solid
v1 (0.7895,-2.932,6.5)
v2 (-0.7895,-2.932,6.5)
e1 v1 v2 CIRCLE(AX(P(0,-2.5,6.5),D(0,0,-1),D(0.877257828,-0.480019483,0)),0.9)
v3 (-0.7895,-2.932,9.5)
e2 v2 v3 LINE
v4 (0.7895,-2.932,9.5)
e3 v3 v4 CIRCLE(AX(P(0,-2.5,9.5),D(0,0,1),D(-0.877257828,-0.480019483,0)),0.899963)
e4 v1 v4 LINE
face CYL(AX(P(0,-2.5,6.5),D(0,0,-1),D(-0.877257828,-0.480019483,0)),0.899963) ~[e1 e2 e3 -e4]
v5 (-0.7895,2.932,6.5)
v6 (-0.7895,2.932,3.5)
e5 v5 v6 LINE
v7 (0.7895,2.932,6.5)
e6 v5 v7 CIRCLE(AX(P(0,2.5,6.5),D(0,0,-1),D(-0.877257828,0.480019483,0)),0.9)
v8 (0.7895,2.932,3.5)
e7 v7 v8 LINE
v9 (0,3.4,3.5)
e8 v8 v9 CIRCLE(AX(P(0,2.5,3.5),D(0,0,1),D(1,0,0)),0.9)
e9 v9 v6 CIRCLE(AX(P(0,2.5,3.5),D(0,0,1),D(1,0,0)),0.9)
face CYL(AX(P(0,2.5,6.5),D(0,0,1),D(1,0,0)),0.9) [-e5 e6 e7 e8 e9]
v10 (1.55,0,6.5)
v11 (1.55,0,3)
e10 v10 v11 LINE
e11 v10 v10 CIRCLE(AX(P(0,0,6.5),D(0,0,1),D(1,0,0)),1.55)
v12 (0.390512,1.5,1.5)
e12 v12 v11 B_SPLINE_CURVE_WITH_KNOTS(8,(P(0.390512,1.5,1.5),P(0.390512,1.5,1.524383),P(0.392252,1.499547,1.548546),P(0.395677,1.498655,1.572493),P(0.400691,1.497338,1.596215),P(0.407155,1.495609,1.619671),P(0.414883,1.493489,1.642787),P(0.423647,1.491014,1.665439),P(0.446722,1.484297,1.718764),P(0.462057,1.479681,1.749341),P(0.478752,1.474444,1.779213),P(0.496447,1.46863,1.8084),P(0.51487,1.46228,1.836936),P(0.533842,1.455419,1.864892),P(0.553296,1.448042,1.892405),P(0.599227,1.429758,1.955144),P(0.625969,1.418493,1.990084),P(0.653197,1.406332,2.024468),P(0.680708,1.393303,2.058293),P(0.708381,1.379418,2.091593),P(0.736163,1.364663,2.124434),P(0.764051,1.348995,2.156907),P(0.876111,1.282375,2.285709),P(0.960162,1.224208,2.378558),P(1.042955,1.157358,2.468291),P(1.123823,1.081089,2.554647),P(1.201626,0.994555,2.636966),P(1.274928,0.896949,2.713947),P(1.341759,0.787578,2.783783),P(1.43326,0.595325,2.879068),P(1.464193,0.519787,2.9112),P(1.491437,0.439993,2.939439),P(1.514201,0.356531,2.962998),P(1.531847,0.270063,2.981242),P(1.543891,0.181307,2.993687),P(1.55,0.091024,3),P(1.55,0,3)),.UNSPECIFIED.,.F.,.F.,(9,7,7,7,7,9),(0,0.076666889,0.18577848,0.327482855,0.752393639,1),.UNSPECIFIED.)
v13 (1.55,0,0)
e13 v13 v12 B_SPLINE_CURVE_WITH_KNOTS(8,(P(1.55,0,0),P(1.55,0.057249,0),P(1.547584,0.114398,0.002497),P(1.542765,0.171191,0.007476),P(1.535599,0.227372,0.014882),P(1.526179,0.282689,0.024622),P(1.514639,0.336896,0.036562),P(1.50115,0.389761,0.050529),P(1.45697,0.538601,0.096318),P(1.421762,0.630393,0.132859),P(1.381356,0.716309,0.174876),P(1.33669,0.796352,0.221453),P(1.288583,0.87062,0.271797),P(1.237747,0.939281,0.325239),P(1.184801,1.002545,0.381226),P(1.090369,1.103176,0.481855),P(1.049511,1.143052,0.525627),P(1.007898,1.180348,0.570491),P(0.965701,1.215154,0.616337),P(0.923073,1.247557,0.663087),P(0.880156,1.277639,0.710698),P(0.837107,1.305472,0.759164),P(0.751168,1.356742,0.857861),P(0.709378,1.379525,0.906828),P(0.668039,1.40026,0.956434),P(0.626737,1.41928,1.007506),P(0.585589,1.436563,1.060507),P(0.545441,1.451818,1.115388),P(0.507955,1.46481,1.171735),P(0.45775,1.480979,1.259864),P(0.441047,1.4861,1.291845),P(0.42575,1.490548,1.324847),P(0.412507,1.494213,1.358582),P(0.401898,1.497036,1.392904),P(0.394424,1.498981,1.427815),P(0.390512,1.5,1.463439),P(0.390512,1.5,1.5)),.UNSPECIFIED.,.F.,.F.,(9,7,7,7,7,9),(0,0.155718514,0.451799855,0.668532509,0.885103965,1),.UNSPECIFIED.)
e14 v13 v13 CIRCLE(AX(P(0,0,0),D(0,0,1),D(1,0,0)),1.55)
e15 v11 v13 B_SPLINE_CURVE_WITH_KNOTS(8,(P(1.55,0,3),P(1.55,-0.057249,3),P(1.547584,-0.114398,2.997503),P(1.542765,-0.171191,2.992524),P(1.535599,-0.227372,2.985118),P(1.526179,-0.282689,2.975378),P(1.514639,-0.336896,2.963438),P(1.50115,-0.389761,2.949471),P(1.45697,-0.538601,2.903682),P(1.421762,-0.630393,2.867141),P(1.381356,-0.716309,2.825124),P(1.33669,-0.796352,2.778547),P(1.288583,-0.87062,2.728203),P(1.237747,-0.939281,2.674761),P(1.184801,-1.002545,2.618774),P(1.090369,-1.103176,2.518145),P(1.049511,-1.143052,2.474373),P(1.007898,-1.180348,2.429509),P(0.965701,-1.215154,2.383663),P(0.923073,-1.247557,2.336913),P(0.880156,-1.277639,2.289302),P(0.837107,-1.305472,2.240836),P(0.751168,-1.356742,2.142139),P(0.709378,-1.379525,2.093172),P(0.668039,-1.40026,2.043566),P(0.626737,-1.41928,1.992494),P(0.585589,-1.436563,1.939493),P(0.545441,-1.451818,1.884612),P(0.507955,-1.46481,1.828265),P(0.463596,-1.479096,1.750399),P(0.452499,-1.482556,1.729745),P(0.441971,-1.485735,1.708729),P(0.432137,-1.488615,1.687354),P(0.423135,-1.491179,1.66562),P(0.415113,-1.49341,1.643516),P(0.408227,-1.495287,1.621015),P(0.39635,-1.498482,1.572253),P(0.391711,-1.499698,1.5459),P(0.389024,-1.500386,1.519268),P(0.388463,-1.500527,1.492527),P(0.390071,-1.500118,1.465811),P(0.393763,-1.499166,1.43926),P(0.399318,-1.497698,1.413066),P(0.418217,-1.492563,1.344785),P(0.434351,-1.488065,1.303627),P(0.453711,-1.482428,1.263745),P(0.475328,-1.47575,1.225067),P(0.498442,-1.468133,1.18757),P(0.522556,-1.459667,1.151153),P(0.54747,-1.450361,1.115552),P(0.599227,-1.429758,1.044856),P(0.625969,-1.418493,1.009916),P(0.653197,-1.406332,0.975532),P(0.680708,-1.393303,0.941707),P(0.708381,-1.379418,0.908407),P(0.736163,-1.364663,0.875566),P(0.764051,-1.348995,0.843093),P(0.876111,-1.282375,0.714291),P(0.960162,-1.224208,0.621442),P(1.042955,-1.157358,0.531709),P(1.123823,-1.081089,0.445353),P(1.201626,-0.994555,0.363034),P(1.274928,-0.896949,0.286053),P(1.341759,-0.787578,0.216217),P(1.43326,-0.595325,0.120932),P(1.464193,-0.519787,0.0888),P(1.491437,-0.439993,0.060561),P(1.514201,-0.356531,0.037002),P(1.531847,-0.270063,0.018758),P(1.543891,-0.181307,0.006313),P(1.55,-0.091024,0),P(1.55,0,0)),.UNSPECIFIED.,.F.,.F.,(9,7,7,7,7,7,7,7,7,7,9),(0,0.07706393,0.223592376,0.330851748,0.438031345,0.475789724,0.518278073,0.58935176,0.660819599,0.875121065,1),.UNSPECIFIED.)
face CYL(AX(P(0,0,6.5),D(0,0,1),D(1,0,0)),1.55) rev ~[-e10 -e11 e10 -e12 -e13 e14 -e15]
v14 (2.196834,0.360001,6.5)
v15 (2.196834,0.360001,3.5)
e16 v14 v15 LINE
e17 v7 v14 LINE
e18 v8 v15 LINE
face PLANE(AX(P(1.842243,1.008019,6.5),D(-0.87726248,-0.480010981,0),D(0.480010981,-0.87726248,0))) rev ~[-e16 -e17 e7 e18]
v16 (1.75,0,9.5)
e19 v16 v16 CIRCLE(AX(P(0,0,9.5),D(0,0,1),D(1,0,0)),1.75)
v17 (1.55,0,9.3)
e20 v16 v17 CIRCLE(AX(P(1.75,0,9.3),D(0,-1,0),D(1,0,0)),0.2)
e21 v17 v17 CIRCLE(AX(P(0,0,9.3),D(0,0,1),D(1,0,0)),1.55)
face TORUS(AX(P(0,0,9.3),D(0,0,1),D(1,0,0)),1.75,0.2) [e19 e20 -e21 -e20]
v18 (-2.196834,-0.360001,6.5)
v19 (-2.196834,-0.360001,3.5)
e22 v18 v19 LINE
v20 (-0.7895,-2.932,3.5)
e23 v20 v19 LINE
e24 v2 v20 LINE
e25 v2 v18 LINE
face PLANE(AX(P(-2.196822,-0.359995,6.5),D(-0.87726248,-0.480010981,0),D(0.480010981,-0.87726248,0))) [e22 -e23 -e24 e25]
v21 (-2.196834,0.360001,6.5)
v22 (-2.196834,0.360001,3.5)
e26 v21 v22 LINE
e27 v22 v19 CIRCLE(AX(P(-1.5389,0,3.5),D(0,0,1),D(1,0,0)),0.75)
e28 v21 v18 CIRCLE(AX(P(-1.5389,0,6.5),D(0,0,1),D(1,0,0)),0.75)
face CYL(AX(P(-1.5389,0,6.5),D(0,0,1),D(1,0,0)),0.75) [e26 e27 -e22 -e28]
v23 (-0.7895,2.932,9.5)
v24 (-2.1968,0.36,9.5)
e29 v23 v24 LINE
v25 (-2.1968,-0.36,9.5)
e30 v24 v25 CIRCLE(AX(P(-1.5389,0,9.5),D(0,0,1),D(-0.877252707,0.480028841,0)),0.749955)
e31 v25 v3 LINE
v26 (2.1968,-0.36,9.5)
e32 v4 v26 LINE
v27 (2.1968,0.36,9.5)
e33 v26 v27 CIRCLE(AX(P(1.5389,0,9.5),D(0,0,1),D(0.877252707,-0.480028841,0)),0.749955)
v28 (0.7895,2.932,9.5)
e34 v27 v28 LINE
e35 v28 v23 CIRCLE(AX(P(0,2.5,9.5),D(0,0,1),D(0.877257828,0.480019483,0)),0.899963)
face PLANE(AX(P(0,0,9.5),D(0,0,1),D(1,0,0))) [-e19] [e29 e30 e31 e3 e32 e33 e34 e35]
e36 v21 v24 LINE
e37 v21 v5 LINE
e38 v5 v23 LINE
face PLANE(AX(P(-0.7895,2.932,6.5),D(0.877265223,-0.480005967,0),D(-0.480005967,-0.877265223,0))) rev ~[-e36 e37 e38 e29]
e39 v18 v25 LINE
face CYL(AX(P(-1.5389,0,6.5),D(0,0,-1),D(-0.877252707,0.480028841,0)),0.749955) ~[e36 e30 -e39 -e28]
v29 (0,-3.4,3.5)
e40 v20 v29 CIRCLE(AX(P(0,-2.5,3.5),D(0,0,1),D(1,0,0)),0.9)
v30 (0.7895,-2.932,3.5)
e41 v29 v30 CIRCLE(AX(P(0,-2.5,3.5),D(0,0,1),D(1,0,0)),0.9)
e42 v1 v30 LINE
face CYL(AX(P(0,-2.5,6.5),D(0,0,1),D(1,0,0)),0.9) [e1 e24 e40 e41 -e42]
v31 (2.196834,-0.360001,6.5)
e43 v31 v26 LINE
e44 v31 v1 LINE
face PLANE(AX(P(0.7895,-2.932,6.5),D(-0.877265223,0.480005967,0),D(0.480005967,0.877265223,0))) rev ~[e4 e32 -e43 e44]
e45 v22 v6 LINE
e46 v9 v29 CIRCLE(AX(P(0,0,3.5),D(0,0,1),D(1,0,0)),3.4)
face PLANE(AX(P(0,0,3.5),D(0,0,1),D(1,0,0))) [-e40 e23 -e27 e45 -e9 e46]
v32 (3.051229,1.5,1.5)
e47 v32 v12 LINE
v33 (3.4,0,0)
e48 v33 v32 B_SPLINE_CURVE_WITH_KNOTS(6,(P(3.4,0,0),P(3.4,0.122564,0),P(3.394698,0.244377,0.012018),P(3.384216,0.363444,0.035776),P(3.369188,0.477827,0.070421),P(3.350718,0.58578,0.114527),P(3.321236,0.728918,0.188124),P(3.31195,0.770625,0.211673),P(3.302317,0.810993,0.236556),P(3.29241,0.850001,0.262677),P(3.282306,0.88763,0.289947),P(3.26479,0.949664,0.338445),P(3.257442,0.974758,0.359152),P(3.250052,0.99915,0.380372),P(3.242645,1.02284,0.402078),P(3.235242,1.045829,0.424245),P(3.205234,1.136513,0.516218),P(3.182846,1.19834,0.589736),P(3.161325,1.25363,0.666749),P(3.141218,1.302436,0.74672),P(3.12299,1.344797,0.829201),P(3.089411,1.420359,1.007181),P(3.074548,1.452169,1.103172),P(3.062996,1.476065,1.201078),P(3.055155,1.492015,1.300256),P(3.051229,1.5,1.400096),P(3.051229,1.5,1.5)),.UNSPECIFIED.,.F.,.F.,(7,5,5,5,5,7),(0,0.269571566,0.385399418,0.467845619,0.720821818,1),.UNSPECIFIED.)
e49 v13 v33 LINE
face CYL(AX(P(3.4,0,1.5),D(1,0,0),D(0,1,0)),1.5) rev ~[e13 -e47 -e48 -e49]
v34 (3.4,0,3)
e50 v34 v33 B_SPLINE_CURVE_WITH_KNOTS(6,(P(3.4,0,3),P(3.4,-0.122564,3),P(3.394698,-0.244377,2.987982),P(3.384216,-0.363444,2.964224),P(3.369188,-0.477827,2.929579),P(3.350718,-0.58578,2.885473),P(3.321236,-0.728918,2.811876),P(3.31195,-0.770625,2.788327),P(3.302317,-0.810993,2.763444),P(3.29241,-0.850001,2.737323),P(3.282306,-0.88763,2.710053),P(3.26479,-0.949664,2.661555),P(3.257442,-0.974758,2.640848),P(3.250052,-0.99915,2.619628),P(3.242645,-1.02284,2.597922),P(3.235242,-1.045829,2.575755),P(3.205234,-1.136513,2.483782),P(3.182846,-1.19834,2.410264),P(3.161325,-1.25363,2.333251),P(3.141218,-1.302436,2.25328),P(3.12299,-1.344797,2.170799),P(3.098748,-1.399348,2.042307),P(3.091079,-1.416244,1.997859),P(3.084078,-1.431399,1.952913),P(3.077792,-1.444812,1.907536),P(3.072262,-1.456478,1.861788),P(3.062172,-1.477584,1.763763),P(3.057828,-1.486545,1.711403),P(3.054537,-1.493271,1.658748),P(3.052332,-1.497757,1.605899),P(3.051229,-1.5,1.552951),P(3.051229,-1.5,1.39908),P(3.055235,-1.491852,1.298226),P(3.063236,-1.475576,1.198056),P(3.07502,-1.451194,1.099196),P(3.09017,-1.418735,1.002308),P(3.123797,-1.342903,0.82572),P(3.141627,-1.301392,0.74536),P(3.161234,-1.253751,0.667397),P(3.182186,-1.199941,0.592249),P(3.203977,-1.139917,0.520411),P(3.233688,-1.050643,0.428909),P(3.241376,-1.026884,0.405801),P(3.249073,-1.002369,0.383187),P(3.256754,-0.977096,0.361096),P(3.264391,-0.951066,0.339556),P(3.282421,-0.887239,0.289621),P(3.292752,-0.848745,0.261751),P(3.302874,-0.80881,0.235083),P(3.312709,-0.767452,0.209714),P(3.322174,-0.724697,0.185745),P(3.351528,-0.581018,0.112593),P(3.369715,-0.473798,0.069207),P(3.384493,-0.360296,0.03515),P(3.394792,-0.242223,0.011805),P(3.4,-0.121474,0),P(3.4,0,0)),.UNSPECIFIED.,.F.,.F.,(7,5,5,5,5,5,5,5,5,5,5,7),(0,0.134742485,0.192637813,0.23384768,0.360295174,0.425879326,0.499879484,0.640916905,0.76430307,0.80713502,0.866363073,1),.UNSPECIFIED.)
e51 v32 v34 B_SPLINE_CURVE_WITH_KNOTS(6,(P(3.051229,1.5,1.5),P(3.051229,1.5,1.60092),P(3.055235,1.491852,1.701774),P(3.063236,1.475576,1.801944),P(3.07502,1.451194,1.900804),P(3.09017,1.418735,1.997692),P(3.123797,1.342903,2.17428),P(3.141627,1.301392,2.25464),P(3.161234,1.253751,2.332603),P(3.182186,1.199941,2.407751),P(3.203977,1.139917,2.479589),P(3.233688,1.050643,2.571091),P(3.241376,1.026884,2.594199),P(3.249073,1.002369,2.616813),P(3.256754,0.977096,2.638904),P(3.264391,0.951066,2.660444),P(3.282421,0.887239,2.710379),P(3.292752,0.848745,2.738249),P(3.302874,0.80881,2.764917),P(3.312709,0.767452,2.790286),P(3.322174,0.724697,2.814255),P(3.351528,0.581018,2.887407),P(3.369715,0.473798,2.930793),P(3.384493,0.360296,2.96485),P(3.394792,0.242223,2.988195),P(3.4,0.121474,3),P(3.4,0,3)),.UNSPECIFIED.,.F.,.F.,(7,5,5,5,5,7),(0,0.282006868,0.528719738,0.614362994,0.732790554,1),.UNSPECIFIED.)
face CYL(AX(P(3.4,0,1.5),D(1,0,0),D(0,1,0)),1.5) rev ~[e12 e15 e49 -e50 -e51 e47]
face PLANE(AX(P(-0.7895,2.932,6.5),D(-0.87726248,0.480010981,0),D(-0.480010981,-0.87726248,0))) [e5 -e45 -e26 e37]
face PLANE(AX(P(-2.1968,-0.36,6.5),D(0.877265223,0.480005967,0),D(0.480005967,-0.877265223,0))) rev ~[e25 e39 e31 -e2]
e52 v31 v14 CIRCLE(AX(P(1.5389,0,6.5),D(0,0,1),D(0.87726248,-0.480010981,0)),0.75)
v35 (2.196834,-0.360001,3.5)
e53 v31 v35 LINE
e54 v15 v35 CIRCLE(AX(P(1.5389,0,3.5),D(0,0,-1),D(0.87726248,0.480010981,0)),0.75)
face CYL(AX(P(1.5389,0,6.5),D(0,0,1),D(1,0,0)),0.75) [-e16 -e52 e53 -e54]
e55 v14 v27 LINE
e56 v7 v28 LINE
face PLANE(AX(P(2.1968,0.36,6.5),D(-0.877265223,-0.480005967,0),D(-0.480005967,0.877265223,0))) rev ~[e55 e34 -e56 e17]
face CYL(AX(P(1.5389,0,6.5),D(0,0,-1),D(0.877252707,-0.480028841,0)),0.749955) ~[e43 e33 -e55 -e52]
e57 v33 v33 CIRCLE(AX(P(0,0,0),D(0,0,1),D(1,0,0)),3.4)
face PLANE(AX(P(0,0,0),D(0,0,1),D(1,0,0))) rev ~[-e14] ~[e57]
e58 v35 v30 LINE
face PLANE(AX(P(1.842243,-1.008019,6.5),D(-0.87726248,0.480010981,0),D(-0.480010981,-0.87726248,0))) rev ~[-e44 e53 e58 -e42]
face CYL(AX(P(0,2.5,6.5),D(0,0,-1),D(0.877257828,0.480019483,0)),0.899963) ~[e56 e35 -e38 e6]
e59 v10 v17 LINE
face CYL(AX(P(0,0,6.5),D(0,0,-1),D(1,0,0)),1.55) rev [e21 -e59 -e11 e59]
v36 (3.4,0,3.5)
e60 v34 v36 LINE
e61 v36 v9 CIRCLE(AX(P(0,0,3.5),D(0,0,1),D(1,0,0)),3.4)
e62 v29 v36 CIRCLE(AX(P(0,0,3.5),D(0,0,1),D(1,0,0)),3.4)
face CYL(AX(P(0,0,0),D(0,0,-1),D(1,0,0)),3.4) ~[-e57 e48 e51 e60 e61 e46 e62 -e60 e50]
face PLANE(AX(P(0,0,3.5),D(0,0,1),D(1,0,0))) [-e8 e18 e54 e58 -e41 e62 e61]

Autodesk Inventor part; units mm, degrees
ref_plane "XZ Plane" through (0, 0, 0) normal (0, 1, 0) x (-1, 0, 0)
ref_plane "XY Plane" through (0, 0, 0) normal (0, 0, 1) x (1, 0, 0)
sketch "草圖1" plane through (0, 0, 0) normal (0, 0, 1) x (1, 0, 0)
  circle A0 centre (0, 0) radius 3.4
  dimension "d0" = 6.8
extrude "擠出1" add sketch "草圖1" along normal blind 6.5
sketch "草圖2" plane through (0, 0, 6.5) normal (0, 0, 1) x (1, 0, 0)
  circle A0 centre (0, 0) radius 1.55
  dimension "d3" = 3.1
extrude "擠出2" cut sketch "草圖2" against normal up to surface (6.5 mm away)
ref_plane "工作平面1" through (3.4, 0, 0) normal (1, 0, 0) x (0, 1, 0)
sketch "草圖3" plane through (3.4, 0, 0) normal (1, 0, 0) x (0, 1, 0)
  circle A0 centre (0, 1.5) radius 1.5
  line L0 (0, -1.3) -> (0, 7.8) projected
  line L1 (3.4, 0) -> (-3.4, 0) projected
  point P0 (0, 0)
  dimension "d6" = 3
extrude "擠出3" cut sketch "草圖3" against normal up to surface
sketch "草圖4" plane through (0, 0, 6.5) normal (0, 0, 1) x (1, 0, 0)
  circle A0 centre (0, 2.5) radius 0.9
  circle A1 centre (0, -2.5) radius 0.9
  line L0 (-0.7895, 2.932) -> (-2.3938, 0)
  line L1 (-2.3938, 0) -> (-0.7895, -2.932)
  line L2 (0.7895, 2.932) -> (2.3938, 0)
  line L3 (2.3938, 0) -> (0.7895, -2.932)
  circle A2 centre (-1.5389, 0) radius 0.75
  line L4 (3.4, 0) -> (1.55, 0) projected
  circle A3 centre (1.5389, 0) radius 0.75
  line L5 (0, -4.76) -> (0, 4.76) projected
  circle A4 centre (0, 0) radius 3.4 projected
  circle A5 centre (0, 0) radius 2.1
  point P0 (0, 3.4)
  point P1 (2.1968, 0.36)
  point P2 (2.1968, -0.36)
  point P3 (0, -3.4)
  point P4 (-2.1968, -0.36)
  point P5 (-2.1968, 0.36)
  dimension "d10" = 1.8
  dimension "d13" = 1.5
  dimension "d16" = 4.2
extrude "擠出4" cut sketch "草圖4" against normal blind 3 contours A0 A4 L4 L2 | A0 L0 L1 A1 A4 | A4 A1 L3 L4 | L2 L4 A3 | L3 A3 L4 | A2 L1 L0
sketch "草圖5" plane through (0, 0, 6.5) normal (0, 0, 1) x (1, 0, 0)
  arc A0 (-0.7895, -2.932) -> (0.7895, -2.932) centre (0, -2.5) ccw projected
  line L0 (0.7895, -2.932) -> (2.1968, -0.36) projected
  arc A1 (2.1968, -0.36) -> (2.1968, 0.36) centre (1.5389, 0) ccw projected
  line L1 (2.1968, 0.36) -> (0.7895, 2.932) projected
  arc A2 (0.7895, 2.932) -> (-0.7895, 2.932) centre (0, 2.5) ccw projected
  line L2 (-0.7895, 2.932) -> (-2.1968, 0.36) projected
  arc A3 (-2.1968, 0.36) -> (-2.1968, -0.36) centre (-1.5389, 0) ccw projected
  line L3 (-2.1968, -0.36) -> (-0.7895, -2.932) projected
  circle A4 centre (0, 0) radius 1.55 projected
extrude "擠出5" add sketch "草圖5" along normal blind 3
fillet "圓角1" radius 0.2 1 edges at (-1.55, 0, 9.5)
properties part number "Coupling_0519"
